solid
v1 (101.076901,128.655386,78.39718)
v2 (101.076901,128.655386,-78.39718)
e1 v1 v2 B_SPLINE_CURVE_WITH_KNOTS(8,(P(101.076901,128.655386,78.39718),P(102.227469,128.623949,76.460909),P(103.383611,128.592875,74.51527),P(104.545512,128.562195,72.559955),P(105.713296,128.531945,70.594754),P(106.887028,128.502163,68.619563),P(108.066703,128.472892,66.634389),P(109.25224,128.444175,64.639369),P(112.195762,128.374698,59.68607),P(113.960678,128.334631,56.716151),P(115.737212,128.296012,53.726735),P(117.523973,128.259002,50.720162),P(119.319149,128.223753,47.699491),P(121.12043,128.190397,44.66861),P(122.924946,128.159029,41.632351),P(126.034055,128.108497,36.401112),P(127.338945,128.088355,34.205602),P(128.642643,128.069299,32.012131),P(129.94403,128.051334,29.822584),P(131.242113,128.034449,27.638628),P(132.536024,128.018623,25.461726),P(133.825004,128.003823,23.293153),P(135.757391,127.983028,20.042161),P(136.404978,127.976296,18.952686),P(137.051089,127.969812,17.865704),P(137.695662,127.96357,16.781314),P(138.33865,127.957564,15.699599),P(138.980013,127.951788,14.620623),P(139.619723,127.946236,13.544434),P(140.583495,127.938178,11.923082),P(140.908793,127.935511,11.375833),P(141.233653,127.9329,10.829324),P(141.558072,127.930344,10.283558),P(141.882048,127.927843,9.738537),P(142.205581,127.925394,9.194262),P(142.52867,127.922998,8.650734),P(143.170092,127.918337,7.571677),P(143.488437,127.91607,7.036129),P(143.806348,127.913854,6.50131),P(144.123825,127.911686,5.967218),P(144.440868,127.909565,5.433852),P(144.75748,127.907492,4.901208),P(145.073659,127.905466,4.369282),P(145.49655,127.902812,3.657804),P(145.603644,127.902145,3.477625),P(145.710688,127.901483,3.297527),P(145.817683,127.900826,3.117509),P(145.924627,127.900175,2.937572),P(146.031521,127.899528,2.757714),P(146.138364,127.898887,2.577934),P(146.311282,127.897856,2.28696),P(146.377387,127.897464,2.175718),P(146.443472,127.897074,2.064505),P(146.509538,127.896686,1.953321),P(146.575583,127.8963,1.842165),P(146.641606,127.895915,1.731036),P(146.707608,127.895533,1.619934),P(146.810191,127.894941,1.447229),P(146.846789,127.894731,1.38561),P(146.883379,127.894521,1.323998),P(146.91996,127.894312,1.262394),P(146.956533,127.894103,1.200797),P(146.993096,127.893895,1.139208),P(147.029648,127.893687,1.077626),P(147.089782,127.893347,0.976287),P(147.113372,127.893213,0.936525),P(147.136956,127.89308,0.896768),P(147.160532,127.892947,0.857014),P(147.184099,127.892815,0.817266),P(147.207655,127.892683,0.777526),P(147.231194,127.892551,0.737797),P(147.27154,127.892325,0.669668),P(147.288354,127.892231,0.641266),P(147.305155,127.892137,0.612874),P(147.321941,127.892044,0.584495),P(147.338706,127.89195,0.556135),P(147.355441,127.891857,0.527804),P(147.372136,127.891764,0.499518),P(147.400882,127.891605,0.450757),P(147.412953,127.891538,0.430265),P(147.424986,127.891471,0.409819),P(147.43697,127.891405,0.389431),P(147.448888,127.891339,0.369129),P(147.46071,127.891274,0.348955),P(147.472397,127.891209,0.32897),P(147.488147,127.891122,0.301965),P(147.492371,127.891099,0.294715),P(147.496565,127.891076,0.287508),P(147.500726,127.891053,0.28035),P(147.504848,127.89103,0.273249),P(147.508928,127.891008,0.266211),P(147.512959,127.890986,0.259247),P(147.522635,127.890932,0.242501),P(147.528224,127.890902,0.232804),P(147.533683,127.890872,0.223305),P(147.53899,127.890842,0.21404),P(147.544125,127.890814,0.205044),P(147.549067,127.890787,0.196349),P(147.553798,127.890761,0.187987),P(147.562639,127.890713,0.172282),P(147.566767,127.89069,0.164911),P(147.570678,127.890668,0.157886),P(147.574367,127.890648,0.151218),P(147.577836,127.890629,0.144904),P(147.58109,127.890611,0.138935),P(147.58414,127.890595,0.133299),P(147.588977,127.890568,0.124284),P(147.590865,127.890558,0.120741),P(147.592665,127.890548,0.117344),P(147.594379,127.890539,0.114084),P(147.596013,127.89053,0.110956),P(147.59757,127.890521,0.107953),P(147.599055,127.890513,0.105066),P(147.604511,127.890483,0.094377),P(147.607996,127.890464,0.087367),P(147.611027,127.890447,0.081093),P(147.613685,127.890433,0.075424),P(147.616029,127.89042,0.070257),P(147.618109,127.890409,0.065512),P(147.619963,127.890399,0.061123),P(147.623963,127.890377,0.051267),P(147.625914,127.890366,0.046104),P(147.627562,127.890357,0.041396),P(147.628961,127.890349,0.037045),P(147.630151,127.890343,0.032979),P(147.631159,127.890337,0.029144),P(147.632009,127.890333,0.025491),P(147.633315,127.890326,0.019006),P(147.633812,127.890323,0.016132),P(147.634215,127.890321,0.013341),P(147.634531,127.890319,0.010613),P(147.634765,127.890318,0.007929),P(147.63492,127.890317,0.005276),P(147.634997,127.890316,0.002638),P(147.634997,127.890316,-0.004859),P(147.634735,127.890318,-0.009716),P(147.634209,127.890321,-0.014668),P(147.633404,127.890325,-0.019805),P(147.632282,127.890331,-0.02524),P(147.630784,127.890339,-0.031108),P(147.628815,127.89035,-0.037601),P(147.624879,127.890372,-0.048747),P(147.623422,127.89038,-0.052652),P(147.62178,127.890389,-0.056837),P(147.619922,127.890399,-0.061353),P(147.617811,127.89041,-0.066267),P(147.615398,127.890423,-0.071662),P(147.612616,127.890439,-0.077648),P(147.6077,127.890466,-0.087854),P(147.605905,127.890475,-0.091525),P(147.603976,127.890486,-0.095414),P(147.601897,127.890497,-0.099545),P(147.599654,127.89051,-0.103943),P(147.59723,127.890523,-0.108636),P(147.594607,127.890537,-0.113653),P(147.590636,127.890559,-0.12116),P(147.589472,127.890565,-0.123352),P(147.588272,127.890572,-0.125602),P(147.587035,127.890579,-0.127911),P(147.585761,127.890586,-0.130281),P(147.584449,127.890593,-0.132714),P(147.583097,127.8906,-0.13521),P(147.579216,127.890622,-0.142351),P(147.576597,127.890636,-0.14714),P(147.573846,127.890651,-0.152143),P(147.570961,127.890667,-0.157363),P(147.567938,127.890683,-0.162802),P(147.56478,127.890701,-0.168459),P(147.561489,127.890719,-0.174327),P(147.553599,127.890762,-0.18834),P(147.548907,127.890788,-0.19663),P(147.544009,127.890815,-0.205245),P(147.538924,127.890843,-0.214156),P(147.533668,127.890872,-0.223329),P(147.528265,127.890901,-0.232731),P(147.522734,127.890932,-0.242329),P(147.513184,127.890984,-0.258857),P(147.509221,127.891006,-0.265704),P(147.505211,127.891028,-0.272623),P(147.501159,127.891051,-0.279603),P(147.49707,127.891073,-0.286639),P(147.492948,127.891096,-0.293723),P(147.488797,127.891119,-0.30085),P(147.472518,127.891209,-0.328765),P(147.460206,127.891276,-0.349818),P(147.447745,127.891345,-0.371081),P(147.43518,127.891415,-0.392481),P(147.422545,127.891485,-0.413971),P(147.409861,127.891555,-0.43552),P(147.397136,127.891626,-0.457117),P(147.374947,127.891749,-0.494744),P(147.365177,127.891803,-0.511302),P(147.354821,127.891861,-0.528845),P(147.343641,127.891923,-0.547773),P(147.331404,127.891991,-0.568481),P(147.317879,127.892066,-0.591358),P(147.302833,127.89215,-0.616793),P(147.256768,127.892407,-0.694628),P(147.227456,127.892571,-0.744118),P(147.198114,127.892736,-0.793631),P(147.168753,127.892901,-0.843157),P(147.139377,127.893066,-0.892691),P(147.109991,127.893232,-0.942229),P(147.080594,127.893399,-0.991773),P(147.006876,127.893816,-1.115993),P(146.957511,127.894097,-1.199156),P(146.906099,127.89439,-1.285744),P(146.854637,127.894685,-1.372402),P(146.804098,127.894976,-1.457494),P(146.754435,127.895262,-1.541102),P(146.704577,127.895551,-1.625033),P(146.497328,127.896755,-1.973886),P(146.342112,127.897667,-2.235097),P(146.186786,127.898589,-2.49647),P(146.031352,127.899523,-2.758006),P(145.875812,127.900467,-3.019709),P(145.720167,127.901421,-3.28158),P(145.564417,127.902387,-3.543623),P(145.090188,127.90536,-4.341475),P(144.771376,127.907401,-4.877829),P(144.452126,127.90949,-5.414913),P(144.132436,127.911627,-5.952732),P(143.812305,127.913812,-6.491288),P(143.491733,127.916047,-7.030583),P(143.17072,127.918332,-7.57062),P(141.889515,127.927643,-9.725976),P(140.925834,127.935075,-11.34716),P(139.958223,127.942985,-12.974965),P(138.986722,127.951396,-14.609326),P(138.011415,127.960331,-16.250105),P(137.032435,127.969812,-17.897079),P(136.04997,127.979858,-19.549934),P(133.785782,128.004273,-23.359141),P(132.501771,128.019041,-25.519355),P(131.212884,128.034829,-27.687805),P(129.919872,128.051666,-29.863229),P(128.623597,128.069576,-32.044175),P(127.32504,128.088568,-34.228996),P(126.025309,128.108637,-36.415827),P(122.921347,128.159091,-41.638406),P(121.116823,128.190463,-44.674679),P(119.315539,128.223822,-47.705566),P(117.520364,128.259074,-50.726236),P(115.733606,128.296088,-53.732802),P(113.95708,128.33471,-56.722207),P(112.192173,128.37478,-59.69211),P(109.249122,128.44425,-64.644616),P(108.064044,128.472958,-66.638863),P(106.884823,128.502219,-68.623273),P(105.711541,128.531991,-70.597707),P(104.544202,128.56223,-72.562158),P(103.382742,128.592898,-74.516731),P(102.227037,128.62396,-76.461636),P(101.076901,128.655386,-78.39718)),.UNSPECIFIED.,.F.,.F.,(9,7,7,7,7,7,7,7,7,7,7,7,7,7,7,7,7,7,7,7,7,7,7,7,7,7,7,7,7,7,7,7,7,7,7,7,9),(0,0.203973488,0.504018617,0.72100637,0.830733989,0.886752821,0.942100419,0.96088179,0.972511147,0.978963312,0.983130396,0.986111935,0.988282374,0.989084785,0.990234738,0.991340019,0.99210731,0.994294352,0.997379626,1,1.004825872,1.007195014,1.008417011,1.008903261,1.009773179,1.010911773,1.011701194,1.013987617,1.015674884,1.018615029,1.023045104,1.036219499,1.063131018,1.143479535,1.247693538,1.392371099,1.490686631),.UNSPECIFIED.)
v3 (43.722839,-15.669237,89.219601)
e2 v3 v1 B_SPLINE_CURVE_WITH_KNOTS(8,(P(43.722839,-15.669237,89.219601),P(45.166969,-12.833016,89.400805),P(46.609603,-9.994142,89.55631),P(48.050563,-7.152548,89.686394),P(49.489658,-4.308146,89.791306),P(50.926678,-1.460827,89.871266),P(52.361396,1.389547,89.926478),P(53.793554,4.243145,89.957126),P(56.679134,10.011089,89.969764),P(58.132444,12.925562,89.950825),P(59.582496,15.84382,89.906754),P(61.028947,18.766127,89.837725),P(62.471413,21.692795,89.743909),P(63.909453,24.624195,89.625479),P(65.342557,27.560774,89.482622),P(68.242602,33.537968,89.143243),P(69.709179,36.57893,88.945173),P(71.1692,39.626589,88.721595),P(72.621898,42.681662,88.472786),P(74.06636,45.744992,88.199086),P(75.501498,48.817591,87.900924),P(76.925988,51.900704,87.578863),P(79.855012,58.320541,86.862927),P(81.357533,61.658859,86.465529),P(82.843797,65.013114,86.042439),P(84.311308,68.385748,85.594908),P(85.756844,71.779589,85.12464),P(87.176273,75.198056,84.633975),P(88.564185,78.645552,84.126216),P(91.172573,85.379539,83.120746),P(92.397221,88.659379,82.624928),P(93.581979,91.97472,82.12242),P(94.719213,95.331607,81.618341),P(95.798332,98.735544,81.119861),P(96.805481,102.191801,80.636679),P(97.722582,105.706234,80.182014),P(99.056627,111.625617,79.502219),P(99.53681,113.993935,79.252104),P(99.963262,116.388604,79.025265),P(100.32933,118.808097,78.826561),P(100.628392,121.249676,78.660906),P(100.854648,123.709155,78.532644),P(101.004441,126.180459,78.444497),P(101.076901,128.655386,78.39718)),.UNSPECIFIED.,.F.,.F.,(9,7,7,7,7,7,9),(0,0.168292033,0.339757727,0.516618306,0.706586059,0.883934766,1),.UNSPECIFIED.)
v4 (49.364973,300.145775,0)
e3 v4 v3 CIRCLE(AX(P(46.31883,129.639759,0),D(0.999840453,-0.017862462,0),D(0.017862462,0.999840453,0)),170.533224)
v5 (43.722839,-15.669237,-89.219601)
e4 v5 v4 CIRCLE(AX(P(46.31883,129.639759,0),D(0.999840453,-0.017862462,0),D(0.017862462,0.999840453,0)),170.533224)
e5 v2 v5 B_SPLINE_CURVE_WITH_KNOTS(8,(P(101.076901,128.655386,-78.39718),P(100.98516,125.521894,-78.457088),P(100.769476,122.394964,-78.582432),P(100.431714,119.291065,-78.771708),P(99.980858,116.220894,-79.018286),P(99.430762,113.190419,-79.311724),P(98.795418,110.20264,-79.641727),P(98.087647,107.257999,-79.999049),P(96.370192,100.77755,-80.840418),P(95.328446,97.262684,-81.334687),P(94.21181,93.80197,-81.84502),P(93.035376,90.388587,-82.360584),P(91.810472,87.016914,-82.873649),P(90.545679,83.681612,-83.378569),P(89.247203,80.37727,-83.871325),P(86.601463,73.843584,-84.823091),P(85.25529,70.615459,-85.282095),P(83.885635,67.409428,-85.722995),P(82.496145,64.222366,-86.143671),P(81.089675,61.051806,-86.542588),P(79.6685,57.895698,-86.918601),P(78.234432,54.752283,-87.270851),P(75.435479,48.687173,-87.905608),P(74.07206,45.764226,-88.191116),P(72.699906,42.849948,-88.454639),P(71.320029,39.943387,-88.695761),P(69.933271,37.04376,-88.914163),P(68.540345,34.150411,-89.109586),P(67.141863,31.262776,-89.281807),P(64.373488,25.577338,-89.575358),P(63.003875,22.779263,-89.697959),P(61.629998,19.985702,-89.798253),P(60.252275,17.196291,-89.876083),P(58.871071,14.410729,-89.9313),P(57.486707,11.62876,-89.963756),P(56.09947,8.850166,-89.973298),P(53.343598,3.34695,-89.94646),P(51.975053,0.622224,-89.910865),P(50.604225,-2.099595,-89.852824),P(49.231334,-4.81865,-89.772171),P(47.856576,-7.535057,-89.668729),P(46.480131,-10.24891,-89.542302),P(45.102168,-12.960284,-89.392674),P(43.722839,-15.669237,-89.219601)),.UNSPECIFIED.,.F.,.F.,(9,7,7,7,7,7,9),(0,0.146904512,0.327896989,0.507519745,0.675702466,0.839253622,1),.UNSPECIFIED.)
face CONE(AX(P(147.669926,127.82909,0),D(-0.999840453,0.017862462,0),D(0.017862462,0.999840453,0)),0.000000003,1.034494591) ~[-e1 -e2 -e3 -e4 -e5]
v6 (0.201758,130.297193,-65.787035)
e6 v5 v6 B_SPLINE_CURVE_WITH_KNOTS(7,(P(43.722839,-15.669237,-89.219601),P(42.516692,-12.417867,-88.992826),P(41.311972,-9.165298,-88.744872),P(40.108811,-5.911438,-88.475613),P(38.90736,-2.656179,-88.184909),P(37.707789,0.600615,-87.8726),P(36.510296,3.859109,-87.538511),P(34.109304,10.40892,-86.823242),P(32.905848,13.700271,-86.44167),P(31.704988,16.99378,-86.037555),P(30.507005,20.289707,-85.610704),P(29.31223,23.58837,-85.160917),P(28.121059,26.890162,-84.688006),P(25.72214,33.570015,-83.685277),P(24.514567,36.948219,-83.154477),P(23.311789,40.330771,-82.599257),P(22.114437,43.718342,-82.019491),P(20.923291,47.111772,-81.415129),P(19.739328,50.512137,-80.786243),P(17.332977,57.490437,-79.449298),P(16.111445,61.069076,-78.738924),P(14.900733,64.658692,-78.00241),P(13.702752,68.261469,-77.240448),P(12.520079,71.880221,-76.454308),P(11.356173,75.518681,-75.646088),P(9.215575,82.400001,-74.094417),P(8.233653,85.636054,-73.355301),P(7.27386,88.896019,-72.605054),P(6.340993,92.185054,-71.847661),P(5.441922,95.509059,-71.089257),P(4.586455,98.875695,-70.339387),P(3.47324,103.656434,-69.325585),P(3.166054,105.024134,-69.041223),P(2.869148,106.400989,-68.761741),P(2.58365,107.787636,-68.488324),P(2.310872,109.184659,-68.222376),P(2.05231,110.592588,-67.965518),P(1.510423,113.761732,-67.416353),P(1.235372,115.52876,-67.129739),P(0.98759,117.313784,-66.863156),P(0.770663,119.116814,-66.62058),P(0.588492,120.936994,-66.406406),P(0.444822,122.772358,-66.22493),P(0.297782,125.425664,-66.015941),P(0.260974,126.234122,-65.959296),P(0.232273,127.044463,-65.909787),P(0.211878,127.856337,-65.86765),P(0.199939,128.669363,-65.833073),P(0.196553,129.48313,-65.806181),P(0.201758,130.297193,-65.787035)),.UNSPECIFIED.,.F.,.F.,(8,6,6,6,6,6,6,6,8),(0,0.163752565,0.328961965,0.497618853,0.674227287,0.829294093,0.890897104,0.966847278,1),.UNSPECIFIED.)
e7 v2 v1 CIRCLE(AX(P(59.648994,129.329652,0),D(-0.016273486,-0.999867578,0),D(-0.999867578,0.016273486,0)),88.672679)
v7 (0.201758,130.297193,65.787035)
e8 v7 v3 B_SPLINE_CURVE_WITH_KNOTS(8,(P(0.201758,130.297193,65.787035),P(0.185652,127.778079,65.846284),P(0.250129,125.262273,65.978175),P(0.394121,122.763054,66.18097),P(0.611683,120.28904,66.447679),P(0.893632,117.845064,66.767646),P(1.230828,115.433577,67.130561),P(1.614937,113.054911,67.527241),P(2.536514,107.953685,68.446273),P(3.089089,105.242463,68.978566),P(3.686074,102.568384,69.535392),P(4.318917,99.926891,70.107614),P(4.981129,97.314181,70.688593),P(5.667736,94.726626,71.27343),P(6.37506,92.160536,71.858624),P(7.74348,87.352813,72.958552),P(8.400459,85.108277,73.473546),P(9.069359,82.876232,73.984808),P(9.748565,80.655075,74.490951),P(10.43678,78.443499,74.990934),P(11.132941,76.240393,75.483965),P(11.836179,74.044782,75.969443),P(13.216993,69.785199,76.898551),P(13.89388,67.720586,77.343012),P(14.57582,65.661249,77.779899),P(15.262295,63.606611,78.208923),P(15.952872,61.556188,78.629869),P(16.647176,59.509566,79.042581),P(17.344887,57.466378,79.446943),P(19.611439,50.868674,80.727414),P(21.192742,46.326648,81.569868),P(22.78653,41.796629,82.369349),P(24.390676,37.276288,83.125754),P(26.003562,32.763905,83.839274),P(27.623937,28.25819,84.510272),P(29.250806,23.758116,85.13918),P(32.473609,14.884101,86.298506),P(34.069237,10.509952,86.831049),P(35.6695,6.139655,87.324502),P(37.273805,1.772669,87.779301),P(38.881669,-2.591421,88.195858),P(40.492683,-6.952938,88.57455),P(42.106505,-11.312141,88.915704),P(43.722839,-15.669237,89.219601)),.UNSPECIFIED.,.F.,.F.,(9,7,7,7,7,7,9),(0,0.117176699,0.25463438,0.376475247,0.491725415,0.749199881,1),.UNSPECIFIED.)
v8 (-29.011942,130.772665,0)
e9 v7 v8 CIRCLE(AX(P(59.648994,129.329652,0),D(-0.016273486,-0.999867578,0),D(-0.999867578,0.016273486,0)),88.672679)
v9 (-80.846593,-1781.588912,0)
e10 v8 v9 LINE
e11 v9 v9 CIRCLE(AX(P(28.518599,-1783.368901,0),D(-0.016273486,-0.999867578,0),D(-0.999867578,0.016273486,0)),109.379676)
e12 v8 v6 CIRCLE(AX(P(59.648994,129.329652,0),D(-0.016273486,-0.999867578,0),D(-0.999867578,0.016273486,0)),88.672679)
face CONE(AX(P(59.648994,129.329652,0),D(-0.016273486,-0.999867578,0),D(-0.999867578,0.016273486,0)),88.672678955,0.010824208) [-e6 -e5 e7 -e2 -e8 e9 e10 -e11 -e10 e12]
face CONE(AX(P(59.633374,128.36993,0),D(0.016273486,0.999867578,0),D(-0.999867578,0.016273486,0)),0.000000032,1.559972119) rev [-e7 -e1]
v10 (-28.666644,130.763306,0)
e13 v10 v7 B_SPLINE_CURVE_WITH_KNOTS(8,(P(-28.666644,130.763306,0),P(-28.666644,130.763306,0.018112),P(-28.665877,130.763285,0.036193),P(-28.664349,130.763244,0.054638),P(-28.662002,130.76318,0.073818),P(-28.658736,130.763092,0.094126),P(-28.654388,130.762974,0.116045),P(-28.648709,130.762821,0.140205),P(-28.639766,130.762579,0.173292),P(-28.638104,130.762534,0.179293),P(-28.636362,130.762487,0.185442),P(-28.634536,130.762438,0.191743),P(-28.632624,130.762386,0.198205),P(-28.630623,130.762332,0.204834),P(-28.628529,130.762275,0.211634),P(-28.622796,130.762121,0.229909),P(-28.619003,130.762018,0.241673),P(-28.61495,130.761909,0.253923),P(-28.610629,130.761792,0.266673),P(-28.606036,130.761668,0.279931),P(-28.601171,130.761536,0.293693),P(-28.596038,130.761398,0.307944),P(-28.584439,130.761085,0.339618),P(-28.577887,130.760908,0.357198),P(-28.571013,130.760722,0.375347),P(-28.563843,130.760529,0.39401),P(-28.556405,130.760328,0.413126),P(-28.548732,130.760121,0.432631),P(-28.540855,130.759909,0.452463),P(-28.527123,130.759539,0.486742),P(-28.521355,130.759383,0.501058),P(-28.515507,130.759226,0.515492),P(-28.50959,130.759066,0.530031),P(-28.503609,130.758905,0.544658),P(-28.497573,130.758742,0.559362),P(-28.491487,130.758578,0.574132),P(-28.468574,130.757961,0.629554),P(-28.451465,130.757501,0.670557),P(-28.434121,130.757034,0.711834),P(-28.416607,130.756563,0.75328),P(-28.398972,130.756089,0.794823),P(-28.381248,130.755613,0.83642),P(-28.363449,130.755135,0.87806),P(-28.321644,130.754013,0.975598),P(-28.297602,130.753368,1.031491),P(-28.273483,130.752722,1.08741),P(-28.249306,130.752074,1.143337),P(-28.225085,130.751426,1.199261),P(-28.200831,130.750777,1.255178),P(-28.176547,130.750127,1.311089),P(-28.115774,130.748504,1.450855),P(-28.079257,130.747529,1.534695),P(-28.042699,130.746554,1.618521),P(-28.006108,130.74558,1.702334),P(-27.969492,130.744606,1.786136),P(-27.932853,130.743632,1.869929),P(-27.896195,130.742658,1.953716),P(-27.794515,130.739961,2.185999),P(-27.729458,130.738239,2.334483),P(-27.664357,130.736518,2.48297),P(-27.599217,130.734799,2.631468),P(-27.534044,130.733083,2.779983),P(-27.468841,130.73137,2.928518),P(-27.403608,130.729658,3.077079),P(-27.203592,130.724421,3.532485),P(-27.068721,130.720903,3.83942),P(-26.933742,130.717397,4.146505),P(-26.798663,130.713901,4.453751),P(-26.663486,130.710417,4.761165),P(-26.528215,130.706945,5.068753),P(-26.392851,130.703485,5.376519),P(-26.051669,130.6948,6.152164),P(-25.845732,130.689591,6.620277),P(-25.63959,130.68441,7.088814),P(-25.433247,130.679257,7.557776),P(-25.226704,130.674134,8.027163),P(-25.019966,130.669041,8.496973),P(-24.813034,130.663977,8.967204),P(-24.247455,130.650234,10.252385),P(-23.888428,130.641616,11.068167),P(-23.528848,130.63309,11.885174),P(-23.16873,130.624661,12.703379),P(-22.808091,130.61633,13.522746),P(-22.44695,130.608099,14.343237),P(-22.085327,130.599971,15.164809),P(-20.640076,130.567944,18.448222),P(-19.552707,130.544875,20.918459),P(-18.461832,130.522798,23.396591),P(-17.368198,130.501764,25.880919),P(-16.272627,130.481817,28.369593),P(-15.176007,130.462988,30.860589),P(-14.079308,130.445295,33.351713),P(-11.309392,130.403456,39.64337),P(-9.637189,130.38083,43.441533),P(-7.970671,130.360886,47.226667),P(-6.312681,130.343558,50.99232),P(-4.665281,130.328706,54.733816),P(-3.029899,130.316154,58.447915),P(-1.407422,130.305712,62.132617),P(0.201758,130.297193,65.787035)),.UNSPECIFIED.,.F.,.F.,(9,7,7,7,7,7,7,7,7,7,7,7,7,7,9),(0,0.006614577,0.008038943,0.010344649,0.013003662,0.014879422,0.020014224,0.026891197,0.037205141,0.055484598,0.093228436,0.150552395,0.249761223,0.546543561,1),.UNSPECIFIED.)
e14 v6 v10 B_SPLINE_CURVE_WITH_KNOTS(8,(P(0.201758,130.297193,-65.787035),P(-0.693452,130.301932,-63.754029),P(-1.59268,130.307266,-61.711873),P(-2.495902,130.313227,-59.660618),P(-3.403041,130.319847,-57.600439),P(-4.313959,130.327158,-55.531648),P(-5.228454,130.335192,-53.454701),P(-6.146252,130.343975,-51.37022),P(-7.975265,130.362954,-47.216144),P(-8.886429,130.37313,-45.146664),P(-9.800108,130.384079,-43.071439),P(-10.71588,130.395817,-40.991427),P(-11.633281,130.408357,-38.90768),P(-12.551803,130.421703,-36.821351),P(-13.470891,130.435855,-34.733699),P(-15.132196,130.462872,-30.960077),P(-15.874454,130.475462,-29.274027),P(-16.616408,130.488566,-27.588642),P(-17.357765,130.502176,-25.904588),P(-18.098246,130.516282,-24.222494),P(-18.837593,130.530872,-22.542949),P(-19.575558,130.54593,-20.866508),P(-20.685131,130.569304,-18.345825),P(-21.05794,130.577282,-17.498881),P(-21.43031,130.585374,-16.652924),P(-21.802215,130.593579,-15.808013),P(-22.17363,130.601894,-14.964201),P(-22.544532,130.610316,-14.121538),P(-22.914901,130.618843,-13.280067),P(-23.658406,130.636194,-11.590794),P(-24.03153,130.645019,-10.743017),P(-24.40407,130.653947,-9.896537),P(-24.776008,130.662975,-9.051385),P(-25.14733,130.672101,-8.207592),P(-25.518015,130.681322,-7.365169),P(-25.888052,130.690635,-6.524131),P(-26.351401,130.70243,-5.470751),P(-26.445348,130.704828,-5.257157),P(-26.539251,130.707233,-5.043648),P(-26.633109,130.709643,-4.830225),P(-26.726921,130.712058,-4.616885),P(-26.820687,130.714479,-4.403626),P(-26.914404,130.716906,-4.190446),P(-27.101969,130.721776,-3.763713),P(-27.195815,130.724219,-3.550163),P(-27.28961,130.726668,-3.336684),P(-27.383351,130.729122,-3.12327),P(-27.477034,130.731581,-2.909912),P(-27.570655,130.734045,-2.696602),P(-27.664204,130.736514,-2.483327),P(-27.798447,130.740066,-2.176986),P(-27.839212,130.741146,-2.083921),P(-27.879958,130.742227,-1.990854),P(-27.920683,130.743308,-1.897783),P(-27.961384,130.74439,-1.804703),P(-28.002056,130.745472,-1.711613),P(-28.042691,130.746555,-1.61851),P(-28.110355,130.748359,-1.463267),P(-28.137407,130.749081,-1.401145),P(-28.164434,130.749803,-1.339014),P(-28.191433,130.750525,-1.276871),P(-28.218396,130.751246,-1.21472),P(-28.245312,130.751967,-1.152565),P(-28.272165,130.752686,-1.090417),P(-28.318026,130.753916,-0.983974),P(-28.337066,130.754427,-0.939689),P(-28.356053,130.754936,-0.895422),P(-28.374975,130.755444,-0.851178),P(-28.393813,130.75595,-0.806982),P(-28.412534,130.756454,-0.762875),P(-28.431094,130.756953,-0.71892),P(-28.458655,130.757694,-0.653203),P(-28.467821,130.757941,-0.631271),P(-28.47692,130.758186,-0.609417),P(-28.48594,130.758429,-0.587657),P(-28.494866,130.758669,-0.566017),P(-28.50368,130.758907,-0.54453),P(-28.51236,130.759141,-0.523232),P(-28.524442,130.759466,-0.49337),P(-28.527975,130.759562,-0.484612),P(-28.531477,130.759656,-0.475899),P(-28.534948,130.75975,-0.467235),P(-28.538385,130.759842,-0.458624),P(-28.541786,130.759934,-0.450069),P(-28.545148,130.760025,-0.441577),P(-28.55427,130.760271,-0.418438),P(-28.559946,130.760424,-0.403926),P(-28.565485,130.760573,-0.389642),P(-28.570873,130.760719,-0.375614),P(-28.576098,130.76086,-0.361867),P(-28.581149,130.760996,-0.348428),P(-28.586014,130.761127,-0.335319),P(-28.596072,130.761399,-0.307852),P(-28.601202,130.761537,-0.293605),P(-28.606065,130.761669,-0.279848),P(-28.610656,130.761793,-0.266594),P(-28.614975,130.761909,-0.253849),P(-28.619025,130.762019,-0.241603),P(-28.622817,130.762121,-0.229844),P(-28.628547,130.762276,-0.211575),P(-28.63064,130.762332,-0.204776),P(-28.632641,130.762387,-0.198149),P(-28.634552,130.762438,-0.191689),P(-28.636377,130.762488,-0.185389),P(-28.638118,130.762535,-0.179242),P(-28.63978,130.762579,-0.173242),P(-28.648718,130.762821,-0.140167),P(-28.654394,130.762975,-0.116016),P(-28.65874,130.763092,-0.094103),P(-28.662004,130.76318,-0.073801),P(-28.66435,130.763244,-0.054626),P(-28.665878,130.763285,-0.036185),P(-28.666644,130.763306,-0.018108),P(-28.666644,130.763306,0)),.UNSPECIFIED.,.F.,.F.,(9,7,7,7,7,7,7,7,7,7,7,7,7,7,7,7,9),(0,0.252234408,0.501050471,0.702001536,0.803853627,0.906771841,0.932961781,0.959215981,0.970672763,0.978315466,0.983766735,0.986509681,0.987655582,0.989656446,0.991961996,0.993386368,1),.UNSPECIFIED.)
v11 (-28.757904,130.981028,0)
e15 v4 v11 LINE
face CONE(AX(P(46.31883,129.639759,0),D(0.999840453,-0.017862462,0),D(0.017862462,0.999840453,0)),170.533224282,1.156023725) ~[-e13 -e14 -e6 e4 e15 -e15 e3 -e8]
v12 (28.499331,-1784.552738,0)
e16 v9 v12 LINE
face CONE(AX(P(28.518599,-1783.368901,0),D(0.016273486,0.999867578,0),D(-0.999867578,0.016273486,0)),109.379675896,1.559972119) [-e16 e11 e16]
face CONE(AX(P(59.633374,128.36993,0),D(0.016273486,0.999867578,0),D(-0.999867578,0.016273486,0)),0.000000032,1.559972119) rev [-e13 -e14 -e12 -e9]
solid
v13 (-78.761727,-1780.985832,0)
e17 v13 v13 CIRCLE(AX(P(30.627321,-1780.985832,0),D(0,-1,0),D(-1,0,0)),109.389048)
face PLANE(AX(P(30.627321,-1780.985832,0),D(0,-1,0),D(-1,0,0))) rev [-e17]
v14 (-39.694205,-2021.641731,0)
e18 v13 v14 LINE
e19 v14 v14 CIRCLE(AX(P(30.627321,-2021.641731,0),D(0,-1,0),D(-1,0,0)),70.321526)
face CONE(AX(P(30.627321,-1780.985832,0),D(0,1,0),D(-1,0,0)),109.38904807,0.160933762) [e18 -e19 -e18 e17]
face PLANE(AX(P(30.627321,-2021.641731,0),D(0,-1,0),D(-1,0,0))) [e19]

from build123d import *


with BuildPart() as f1:
    # F0 (on Top) → F1 (revolve)
    with BuildSketch(Plane.XY):
        Polygon((59.6333741789, 128.3699296738), (-29.0119424462, 130.772665143), (-80.8465927839, -1781.5889120102), (28.4993311565, -1784.5527384126), align=None)
    revolve(axis=Axis((44.0663526677, -828.0914043694, 0), (-0.016273486, -0.9998675781, 0)))

    # F2 (on Top) → F3 (revolve)
    with BuildSketch(Plane.XY):
        Polygon((49.3649728596, 300.1457750797), (-28.7579037249, 130.98102808), (147.6699262857, 127.8290897608), align=None)
    revolve(axis=Axis((59.4560112804, 129.4050589204, 0), (0.9998404535, -0.0178624622, 0)))


with BuildPart() as f5:
    # F4 (on Top) → F5 (revolve)
    with BuildSketch(Plane.XY):
        Polygon((30.6273214519, -2021.6417312622), (30.6273214519, -1780.9858322144), (-78.7617266178, -1780.9858322144), (-39.6942049265, -2021.6417312622), align=None)
    revolve(axis=Axis((30.6273214519, -1901.3137817383, 0), (0, -1, 0)))


solid = Compound([f1.part, f5.part])
